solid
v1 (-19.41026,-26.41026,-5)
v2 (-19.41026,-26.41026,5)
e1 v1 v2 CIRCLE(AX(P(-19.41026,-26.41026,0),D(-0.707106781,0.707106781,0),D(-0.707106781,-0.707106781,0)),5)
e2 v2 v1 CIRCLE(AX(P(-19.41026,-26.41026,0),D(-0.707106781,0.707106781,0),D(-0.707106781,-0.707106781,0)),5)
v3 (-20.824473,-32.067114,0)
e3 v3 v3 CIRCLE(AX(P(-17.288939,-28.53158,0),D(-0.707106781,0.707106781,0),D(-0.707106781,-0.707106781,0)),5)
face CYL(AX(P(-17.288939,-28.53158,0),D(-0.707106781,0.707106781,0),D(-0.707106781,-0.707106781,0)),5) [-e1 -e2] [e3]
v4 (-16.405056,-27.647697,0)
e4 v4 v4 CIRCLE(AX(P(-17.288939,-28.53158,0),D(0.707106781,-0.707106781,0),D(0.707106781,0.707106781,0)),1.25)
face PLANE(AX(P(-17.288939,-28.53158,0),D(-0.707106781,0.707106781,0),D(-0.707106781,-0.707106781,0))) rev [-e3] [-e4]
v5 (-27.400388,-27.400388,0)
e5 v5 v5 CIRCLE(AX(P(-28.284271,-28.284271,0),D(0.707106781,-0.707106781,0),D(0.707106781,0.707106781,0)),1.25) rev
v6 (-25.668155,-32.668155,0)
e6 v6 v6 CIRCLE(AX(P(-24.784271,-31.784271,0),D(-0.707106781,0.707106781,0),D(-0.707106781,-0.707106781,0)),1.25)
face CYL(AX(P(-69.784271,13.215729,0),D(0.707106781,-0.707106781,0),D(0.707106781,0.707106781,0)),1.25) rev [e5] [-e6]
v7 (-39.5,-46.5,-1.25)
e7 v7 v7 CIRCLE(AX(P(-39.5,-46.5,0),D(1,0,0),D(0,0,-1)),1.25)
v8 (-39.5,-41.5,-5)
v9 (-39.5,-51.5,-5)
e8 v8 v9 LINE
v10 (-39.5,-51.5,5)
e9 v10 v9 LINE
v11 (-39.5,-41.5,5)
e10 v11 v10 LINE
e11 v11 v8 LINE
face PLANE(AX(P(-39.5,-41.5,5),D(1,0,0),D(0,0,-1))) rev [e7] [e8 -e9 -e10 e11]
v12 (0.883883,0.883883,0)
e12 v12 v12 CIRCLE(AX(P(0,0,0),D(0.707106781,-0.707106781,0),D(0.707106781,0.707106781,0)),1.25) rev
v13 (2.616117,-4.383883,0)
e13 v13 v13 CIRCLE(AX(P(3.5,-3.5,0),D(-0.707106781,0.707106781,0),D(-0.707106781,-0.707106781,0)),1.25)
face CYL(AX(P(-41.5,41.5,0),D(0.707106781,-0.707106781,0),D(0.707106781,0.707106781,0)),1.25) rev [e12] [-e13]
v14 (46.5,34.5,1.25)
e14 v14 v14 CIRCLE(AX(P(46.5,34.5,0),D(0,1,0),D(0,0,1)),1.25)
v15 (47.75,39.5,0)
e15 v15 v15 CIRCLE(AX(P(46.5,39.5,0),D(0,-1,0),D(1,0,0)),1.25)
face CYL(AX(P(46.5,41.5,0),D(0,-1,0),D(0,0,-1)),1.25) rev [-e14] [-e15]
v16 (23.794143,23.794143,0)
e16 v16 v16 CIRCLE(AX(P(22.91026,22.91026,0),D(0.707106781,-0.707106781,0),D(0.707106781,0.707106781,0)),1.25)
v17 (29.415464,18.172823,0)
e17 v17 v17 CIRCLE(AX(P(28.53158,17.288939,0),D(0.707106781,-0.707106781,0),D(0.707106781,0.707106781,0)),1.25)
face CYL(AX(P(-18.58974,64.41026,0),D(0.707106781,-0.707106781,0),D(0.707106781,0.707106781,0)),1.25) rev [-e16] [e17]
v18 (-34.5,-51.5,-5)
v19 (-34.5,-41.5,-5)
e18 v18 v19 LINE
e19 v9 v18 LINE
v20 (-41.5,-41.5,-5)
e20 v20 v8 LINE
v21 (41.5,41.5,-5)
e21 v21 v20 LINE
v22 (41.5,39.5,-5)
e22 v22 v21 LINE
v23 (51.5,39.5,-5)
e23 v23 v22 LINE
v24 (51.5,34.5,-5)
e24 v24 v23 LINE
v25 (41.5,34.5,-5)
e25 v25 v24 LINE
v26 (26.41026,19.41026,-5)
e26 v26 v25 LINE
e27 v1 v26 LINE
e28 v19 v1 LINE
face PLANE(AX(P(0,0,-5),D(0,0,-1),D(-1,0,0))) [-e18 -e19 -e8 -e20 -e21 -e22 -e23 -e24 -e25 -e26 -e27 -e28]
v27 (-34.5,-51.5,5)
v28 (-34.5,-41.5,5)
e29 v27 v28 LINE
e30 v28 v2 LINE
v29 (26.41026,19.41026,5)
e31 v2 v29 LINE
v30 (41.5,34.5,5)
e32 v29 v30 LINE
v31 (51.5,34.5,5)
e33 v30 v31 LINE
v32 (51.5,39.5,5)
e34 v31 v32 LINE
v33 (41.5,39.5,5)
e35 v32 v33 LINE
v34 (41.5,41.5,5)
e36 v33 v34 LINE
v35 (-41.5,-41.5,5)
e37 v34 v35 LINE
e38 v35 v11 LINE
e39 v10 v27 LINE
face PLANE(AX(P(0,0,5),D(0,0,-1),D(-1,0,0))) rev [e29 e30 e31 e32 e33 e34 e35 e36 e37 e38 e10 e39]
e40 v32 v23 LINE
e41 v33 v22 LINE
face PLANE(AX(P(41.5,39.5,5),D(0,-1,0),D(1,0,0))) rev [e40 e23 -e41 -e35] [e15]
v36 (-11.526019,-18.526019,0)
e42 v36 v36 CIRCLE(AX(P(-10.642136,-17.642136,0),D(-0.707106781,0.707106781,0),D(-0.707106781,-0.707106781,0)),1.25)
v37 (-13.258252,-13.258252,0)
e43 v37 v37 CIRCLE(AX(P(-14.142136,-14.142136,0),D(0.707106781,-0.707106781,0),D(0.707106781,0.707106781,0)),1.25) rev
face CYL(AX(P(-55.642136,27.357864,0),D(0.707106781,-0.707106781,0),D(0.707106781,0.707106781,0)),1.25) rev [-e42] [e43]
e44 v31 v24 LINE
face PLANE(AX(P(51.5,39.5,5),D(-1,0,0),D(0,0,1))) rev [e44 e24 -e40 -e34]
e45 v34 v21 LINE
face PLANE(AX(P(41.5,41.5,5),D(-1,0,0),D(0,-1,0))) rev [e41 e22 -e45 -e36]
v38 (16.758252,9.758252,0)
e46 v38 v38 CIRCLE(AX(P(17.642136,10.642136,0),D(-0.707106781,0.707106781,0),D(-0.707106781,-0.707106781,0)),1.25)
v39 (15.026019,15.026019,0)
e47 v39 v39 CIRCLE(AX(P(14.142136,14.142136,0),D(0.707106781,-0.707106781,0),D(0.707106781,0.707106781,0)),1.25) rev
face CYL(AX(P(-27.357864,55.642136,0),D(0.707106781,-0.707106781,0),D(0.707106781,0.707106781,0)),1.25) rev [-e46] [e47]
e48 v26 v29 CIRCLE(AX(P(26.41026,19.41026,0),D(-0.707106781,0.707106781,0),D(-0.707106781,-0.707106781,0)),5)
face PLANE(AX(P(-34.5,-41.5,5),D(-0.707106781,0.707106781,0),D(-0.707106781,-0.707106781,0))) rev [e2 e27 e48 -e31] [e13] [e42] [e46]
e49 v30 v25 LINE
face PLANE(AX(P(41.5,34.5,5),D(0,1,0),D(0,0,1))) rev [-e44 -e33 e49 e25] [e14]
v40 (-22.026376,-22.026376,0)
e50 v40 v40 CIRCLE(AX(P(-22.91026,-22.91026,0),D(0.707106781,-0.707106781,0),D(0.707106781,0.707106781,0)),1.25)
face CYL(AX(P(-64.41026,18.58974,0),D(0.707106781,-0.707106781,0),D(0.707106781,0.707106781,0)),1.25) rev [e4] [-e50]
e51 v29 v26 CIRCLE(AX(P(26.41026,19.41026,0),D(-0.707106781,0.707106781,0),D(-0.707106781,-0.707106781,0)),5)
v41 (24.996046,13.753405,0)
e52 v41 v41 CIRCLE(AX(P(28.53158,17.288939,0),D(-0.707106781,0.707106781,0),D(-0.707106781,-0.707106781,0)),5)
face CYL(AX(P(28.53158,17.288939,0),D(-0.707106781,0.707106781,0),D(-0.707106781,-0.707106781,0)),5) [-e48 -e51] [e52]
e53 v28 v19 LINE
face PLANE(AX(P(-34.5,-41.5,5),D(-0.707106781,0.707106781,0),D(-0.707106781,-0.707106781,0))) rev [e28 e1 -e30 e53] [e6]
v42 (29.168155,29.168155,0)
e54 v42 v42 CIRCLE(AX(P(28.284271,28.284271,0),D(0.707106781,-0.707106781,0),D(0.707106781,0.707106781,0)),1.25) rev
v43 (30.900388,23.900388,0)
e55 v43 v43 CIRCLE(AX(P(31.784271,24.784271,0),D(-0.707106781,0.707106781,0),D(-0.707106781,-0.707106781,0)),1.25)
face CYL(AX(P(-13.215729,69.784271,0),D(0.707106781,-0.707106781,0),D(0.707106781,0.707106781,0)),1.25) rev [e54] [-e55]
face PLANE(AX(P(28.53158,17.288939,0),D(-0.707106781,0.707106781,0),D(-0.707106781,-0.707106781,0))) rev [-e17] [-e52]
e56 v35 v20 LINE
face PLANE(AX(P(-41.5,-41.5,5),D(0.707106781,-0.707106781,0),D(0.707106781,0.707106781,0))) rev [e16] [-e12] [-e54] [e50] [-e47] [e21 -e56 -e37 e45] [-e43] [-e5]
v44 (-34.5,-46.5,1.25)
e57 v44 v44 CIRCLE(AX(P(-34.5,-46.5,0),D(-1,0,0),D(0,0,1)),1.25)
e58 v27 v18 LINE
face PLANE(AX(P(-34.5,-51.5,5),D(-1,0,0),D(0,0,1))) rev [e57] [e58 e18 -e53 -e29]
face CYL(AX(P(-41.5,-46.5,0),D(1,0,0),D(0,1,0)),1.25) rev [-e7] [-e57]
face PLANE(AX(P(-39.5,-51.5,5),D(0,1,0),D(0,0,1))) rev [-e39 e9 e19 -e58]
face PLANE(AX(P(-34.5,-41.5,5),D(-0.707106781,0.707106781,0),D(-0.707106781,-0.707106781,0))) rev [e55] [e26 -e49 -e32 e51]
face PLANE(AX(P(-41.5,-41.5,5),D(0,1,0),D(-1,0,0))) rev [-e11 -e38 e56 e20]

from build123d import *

# Parameters (mm, degrees)
MAIN_DEPTH          = 5
SKETCH2_R           = 1.25
FIXHOLE1_DEPTH      = 84
SKETCH3_R           = 1.25
FIXHOLE2_DEPTH      = 84
SKETCH6_R           = 1.25
CUT_EXTRUDE2_DEPTH  = 64.639610307
LPATTERN1_COUNT     = 5
LPATTERN1_PITCH     = 20
SKETCH7_R           = 5
BOSS_EXTRUDE1_DEPTH = 3
SKETCH8_R           = 1.25
CUT_EXTRUDE3_DEPTH  = 67.639610307


with BuildPart() as part:
    # Sketch1 → Main (new body, symmetric)
    with BuildSketch(Plane.XY):
        Polygon((-41.5, -41.5), (41.5, 41.5), (41.5, 39.5), (51.5, 39.5), (51.5, 34.5), (41.5, 34.5), (-34.5, -41.5), (-34.5, -51.5), (-39.5, -51.5), (-39.5, -41.5), align=None)
    extrude(amount=MAIN_DEPTH, both=True)

    # Sketch2 → FixHole1 (cut, through all)
    with BuildSketch(Plane(origin=(41.5, 0, 0), x_dir=(0, 0, -1), z_dir=(1, 0, 0))):
        with Locations((0, -46.5)):
            Circle(SKETCH2_R)
    extrude(amount=-FIXHOLE1_DEPTH, mode=Mode.SUBTRACT)

    # Sketch3 → FixHole2 (cut, through all)
    with BuildSketch(Plane(origin=(0, -41.5, 0), x_dir=(-1, 0, 0), z_dir=(0, -1, 0))):
        with Locations((-46.5, 0)):
            Circle(SKETCH3_R)
    extrude(amount=-FIXHOLE2_DEPTH, mode=Mode.SUBTRACT)

    # Sketch6 → Cut-Extrude2 (cut, through all)
    with BuildSketch(Plane(origin=(3.5, -3.5, 0), x_dir=(0, 0, 1), z_dir=(-0.707106781, 0.707106781, 0))):
        with Locations((0, 40)):
            Circle(SKETCH6_R)
    cut_extrude2 = extrude(amount=CUT_EXTRUDE2_DEPTH, mode=Mode.SUBTRACT)

    # LPattern1: Cut-Extrude2 ×5
    with Locations(*[Vector(-0.707106781, -0.707106781, 0) * (i * LPATTERN1_PITCH) for i in range(1, LPATTERN1_COUNT)]):
        add(cut_extrude2, mode=Mode.SUBTRACT)

    # Sketch7 → Boss-Extrude1 (add)
    with BuildSketch(Plane(origin=(3.5, -3.5, 0), x_dir=(0, 0, 1), z_dir=(-0.707106781, 0.707106781, 0))):
        with Locations((0, -32.4)):
            Circle(SKETCH7_R)
        with Locations((0, 32.4)):
            Circle(SKETCH7_R)
    extrude(amount=-BOSS_EXTRUDE1_DEPTH)

    # Sketch8 → Cut-Extrude3 (cut, through all)
    with BuildSketch(Plane(origin=(5.621320344, -5.621320344, 0), x_dir=(0, 0, -1), z_dir=(0.707106781, -0.707106781, 0))):
        with Locations((0, 32.4)):
            Circle(SKETCH8_R)
        with Locations((0, -32.4)):
            Circle(SKETCH8_R)
    extrude(amount=-CUT_EXTRUDE3_DEPTH, mode=Mode.SUBTRACT)


solid = part.part
